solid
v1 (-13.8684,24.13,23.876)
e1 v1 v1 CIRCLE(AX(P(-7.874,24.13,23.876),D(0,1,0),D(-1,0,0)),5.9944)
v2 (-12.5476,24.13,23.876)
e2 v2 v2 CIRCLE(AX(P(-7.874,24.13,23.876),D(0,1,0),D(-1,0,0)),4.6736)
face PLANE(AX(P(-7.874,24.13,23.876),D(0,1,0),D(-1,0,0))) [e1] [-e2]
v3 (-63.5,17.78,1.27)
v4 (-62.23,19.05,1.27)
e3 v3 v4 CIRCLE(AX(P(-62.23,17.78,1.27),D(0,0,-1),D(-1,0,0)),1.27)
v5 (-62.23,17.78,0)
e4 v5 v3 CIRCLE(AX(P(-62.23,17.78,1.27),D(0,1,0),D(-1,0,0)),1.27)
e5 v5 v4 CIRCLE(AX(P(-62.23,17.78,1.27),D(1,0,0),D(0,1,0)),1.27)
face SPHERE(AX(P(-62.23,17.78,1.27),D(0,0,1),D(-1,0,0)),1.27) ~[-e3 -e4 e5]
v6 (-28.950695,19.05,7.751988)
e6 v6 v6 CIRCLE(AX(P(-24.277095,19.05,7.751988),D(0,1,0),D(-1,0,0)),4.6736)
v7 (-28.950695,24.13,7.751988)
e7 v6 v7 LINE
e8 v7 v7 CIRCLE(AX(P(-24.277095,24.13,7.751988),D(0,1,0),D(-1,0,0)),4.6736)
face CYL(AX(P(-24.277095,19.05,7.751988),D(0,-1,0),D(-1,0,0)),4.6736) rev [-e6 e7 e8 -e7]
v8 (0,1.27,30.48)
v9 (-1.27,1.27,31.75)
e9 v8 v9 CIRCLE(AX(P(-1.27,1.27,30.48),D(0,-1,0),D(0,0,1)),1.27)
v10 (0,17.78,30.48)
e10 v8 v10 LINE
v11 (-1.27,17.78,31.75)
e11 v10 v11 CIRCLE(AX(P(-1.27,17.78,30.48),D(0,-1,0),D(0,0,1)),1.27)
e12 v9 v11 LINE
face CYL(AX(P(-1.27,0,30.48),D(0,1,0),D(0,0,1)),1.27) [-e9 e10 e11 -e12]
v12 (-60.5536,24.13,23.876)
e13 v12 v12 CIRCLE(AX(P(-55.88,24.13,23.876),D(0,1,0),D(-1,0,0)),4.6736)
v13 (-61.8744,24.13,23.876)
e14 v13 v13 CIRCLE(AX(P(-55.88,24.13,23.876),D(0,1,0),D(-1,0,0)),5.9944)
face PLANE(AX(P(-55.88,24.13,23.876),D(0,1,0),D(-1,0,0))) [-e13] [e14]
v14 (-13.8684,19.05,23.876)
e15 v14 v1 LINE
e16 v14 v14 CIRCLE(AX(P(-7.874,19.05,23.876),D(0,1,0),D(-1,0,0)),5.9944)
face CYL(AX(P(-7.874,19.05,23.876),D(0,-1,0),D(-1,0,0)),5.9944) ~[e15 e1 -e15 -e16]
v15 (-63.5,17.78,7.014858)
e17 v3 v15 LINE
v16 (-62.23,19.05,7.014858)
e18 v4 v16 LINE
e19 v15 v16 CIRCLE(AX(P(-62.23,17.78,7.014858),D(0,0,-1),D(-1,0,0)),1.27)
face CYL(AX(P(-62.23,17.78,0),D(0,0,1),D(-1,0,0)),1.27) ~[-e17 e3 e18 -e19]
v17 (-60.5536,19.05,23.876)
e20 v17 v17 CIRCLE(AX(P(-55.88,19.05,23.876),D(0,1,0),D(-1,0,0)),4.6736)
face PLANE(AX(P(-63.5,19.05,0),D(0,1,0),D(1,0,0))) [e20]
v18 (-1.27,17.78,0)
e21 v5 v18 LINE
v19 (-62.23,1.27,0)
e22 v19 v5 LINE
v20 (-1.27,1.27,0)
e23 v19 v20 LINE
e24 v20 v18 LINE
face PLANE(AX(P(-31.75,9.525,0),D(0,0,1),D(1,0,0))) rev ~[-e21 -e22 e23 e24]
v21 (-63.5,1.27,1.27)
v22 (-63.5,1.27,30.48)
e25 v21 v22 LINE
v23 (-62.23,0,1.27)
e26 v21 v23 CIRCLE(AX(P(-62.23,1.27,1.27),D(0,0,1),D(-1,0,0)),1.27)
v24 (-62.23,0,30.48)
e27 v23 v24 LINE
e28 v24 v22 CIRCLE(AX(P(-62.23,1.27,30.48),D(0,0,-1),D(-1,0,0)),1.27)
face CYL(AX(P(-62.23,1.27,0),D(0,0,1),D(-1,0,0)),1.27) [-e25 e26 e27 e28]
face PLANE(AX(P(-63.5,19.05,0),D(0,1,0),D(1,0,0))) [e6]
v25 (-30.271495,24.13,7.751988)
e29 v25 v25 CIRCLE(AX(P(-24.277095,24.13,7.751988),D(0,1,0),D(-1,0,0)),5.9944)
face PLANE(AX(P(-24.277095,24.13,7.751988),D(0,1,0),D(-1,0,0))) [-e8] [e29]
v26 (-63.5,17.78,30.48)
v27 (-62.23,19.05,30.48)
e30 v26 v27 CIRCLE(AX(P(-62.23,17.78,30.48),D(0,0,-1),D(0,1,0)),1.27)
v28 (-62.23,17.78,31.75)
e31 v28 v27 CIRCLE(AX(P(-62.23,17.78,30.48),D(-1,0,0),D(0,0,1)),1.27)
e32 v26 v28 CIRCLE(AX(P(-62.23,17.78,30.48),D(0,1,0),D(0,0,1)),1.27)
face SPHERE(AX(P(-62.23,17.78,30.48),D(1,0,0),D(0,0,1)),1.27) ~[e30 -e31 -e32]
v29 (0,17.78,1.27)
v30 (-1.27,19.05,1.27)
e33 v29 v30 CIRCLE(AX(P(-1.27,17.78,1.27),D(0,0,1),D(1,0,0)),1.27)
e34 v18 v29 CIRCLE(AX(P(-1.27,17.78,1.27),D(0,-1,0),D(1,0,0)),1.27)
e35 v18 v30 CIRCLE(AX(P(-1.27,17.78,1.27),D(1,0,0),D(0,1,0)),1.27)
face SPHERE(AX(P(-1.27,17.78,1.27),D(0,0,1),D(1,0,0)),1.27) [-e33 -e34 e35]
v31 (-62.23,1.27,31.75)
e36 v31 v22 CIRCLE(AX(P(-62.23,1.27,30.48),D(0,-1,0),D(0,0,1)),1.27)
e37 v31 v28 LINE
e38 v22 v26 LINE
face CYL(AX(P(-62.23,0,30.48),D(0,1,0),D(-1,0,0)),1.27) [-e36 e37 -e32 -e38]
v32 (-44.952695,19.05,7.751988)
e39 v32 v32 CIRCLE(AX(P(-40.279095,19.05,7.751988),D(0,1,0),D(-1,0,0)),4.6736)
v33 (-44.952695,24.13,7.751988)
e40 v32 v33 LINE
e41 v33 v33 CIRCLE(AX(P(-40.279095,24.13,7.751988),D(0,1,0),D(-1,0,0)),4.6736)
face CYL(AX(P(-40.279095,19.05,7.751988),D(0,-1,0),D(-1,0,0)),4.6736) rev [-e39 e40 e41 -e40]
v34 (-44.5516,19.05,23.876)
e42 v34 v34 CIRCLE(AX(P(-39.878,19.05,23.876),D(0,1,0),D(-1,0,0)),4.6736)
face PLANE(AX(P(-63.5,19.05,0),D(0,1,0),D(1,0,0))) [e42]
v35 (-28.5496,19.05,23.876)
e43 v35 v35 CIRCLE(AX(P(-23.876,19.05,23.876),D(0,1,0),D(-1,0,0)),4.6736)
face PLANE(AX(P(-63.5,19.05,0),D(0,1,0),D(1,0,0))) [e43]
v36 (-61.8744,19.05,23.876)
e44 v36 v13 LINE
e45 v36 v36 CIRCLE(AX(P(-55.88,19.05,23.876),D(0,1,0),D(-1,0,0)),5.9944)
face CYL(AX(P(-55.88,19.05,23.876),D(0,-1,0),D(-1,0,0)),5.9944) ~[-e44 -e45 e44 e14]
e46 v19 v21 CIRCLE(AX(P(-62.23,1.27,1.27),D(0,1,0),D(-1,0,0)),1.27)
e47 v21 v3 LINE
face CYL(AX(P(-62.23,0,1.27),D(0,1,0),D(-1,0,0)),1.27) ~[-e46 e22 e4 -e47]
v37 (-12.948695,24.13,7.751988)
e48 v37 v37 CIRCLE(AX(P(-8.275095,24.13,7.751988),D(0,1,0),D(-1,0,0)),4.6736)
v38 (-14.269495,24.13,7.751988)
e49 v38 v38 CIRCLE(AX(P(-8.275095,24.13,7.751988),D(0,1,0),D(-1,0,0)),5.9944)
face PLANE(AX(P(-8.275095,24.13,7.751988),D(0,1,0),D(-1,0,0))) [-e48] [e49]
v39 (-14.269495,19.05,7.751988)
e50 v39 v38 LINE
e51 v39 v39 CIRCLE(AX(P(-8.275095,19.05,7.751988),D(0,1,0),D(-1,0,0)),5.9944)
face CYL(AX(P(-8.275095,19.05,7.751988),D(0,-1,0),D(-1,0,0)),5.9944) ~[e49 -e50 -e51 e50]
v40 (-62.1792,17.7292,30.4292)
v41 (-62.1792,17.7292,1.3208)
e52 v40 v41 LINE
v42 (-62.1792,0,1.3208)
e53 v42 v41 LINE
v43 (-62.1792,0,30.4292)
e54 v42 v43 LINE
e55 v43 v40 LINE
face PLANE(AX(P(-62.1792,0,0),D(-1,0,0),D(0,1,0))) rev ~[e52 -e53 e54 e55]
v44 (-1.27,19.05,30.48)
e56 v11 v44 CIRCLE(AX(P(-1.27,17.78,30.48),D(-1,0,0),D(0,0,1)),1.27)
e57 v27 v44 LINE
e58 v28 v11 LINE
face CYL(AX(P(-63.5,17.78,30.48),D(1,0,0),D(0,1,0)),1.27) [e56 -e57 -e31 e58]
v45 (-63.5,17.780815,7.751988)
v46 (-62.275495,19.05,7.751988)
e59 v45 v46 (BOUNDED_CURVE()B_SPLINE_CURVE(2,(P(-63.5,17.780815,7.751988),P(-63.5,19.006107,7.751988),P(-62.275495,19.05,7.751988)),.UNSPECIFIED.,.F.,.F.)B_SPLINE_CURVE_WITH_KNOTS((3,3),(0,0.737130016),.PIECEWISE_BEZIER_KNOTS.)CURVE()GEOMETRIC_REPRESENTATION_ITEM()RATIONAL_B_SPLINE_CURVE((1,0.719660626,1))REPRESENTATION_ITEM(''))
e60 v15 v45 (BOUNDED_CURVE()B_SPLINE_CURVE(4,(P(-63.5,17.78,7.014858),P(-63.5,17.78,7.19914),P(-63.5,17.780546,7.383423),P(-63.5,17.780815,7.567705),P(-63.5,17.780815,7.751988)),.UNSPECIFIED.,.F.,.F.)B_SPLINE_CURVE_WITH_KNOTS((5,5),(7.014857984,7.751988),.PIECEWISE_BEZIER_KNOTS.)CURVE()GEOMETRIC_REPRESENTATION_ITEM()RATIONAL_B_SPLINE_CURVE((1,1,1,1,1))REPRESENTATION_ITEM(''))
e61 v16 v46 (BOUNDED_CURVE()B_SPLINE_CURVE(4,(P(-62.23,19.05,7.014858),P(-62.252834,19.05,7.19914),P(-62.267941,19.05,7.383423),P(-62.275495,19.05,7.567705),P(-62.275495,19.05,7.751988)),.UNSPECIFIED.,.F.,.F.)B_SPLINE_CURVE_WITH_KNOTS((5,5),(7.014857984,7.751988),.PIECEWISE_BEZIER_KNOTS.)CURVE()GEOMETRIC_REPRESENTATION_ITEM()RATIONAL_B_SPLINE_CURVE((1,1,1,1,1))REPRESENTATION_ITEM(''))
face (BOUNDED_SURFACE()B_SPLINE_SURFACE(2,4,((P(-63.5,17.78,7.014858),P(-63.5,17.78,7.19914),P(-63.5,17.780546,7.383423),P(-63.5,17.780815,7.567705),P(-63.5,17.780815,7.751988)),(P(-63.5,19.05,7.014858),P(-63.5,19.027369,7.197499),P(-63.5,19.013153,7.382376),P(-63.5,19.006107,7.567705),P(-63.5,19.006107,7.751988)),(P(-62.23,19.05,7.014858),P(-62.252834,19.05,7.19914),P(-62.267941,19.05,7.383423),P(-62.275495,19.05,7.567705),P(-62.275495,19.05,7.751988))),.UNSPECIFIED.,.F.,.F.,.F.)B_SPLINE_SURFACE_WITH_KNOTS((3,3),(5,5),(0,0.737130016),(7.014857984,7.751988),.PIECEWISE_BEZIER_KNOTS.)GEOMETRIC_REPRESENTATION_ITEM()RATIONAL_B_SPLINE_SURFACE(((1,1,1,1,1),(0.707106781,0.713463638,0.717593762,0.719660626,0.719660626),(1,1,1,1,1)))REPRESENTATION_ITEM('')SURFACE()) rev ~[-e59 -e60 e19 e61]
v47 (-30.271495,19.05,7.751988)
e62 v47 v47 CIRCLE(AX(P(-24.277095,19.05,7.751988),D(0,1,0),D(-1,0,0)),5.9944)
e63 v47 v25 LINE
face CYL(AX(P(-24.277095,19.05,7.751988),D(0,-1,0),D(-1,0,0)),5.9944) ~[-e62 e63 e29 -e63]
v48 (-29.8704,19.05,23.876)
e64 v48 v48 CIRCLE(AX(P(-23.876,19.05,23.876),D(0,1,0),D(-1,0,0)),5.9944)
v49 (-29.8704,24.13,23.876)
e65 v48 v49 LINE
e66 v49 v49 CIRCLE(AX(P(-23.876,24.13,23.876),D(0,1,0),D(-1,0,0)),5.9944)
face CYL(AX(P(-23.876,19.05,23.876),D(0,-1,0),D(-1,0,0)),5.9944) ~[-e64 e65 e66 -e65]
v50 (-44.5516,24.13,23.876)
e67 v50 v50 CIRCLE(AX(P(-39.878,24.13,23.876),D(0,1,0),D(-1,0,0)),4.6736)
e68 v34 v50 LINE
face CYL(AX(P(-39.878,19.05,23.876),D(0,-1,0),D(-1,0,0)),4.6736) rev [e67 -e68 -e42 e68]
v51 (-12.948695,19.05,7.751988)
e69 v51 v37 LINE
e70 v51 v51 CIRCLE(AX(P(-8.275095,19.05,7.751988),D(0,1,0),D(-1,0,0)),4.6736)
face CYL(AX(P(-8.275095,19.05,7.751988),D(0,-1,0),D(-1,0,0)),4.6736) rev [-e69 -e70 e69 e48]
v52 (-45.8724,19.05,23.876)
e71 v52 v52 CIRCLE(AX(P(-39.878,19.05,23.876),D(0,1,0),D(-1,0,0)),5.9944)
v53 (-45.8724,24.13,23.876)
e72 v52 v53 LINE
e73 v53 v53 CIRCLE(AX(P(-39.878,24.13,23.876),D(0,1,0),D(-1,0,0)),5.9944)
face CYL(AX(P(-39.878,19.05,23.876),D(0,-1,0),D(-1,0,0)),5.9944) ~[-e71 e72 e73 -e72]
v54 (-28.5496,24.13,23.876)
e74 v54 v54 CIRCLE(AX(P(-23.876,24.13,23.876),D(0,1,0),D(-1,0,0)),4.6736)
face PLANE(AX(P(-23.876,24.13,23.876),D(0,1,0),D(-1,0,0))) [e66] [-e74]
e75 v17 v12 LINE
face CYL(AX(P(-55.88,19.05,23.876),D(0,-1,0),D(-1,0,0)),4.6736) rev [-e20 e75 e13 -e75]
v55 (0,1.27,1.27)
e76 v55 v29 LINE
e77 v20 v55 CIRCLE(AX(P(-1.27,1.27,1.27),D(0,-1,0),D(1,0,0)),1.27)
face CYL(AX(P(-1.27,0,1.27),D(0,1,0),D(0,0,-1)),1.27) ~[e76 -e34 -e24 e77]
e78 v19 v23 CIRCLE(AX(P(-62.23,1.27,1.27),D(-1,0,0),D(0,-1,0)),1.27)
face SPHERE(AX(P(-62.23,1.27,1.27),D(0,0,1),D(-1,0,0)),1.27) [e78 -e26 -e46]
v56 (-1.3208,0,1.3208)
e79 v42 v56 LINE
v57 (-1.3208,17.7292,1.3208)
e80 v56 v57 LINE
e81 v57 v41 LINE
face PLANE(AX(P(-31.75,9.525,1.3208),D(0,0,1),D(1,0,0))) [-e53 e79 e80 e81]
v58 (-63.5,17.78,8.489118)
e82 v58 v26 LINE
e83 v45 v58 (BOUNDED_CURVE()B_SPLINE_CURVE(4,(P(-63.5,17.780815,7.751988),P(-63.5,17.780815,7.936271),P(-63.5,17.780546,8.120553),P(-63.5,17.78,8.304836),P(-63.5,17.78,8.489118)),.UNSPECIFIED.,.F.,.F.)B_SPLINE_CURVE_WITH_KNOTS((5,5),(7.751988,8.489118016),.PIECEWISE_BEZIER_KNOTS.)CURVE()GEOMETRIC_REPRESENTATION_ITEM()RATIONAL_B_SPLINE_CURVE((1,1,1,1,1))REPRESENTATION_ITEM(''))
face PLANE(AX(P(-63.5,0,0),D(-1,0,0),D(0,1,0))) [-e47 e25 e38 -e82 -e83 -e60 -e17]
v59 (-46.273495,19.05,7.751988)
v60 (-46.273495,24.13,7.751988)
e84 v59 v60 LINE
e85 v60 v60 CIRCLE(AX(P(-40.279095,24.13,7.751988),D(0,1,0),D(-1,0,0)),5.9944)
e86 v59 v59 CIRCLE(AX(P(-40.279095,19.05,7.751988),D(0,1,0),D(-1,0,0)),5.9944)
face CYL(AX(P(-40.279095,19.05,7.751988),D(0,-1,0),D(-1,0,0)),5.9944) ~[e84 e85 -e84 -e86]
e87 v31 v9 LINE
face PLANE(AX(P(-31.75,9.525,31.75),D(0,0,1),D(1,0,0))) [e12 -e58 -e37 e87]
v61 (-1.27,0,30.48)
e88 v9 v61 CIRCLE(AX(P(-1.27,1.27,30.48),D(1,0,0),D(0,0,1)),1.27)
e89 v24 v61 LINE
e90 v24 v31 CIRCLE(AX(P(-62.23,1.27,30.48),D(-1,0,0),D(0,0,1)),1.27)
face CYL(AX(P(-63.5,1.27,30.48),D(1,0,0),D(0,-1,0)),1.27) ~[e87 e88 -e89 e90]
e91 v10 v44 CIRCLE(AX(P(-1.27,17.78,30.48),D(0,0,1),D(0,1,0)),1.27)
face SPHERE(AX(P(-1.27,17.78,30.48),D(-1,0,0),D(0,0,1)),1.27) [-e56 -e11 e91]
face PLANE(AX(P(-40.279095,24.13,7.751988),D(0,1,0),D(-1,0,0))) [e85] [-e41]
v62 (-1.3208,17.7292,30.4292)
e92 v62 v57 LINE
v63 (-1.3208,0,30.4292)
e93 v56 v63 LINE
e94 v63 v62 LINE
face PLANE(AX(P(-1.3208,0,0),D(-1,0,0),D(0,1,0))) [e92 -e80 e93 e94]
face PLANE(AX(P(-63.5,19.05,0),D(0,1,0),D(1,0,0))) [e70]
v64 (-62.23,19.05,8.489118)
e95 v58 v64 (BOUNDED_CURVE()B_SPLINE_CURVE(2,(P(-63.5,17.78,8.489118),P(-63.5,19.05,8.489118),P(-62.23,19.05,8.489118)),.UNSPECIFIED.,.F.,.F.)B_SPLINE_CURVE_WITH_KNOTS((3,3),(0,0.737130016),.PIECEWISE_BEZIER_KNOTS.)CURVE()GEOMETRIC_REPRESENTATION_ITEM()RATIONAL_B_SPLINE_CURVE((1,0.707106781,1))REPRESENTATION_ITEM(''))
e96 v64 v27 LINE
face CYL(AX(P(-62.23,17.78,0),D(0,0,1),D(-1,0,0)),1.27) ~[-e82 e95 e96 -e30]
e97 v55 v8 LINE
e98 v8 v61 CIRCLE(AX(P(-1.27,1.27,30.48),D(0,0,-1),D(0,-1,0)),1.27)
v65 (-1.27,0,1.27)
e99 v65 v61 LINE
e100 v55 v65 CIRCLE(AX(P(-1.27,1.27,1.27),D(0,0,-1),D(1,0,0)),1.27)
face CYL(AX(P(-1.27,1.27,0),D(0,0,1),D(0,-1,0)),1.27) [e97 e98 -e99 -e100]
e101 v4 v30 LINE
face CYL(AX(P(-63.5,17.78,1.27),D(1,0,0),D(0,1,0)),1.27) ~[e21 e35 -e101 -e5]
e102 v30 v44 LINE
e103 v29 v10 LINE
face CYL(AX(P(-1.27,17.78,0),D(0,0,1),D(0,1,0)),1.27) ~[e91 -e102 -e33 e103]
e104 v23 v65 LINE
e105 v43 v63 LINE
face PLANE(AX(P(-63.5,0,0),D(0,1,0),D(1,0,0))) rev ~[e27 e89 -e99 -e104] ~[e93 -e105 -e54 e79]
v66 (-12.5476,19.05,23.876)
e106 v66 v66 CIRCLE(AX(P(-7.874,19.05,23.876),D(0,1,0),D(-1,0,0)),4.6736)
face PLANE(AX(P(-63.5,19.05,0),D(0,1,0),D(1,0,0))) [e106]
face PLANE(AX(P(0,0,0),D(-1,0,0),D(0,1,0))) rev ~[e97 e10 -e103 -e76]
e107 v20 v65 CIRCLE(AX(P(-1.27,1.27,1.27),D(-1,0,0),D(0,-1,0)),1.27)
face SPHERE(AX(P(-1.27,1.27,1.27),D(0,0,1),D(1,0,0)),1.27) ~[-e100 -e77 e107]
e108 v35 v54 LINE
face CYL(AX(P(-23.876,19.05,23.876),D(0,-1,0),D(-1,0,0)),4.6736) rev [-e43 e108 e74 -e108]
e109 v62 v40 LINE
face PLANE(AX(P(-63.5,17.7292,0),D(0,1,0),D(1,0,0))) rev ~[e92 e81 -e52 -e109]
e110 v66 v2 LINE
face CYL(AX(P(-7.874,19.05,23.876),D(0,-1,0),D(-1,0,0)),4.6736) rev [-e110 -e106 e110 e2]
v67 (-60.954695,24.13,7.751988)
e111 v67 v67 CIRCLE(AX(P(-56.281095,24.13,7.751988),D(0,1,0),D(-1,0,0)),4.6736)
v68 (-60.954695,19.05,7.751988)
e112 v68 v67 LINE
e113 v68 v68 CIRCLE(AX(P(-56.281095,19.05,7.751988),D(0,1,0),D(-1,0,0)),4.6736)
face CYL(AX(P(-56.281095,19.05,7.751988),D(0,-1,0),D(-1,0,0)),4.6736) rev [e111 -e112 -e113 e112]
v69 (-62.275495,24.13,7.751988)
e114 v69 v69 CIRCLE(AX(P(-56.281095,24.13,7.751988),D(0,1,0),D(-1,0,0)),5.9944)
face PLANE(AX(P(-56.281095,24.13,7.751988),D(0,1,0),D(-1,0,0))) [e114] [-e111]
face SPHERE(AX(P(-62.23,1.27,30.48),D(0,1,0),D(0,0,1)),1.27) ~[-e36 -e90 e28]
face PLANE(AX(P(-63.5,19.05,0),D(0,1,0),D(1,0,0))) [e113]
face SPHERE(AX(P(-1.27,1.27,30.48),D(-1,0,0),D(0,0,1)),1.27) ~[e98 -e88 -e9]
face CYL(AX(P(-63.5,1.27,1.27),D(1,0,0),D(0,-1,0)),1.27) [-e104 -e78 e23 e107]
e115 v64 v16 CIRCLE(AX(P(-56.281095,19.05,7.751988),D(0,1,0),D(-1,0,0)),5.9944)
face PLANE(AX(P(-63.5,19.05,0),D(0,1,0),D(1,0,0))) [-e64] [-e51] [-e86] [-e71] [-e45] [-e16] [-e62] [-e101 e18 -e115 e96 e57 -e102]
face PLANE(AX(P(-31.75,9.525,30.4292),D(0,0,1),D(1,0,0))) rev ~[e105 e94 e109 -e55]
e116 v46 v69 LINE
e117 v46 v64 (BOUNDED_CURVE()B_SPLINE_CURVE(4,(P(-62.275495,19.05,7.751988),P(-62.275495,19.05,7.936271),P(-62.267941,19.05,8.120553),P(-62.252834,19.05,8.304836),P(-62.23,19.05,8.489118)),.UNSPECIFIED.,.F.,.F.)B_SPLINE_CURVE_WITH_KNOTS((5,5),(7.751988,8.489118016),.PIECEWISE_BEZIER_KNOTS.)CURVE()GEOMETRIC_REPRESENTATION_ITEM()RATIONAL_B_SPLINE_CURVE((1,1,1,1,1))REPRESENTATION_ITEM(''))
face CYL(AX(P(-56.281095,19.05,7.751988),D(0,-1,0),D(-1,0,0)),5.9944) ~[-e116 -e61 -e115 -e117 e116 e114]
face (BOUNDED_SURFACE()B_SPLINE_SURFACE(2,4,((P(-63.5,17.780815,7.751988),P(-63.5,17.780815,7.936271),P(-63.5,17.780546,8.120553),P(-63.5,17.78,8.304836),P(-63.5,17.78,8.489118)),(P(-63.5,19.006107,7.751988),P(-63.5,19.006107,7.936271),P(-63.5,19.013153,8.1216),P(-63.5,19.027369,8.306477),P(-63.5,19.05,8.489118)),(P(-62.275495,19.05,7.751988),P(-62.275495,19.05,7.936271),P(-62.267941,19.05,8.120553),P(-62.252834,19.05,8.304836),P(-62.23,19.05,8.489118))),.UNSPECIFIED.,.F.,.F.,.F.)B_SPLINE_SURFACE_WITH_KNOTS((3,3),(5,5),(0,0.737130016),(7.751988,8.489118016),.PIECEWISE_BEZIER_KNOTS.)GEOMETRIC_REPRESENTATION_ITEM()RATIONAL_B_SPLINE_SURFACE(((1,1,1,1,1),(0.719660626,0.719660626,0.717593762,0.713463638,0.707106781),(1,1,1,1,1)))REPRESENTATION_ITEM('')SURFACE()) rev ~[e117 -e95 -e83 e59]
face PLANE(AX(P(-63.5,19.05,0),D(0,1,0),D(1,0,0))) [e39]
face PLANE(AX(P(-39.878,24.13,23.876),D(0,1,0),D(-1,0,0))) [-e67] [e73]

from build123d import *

# Parameters (mm, degrees)
F0_W     = 63.5
F0_H     = 19.05
F1_DEPTH = 31.75
F2_T     = -1.3208
F3_R     = 5.9944
F3_R_2   = 4.6736
F4_DEPTH = 5.08
F5_R     = 1.27


with BuildPart() as f1:
    # F0 (on Top) → F1 (new body)
    with BuildSketch(Plane.XY):
        with Locations((-31.75, 9.525)):
            Rectangle(F0_W, F0_H)
    extrude(amount=F1_DEPTH)

    # F2
    f2_openings = [f1.faces().sort_by_distance(p)[0] for p in [
        (-31.75, 0, 15.875),
    ]]
    offset(amount=F2_T, openings=f2_openings)

    # F3 (on face) → F4 (join)
    with BuildSketch(Plane(origin=(0, 19.05, 0), x_dir=(-1, 0, 0), z_dir=(0, 1, 0))):
        with Locations((7.874, 23.876)):
            Circle(F3_R)
        with Locations((7.874, 23.876)):
            Circle(F3_R_2, mode=Mode.SUBTRACT)
        with Locations((23.876, 23.876)):
            Circle(F3_R)
        with Locations((23.876, 23.876)):
            Circle(F3_R_2, mode=Mode.SUBTRACT)
        with Locations((39.878, 23.876)):
            Circle(F3_R)
        with Locations((39.878, 23.876)):
            Circle(F3_R_2, mode=Mode.SUBTRACT)
        with Locations((55.88, 23.876)):
            Circle(F3_R)
        with Locations((55.88, 23.876)):
            Circle(F3_R_2, mode=Mode.SUBTRACT)
        with Locations((8.275095, 7.751988)):
            Circle(F3_R)
        with Locations((8.275095, 7.751988)):
            Circle(F3_R_2, mode=Mode.SUBTRACT)
        with Locations((56.281095, 7.751988)):
            Circle(F3_R)
        with Locations((56.281095, 7.751988)):
            Circle(F3_R_2, mode=Mode.SUBTRACT)
        with Locations((40.279095, 7.751988)):
            Circle(F3_R)
        with Locations((40.279095, 7.751988)):
            Circle(F3_R_2, mode=Mode.SUBTRACT)
        with Locations((24.277095, 7.751988)):
            Circle(F3_R)
        with Locations((24.277095, 7.751988)):
            Circle(F3_R_2, mode=Mode.SUBTRACT)
    extrude(amount=F4_DEPTH)

    # F5
    f5_edges = [f1.edges().sort_by_distance(p)[0] for p in [
        (-31.75, 19.05, 31.75),
        (-63.5, 9.525, 31.75),
        (-31.75, 0, 31.75),
        (0, 9.525, 31.75),
        (-63.5, 19.05, 15.875),
        (-63.5, 0, 15.875),
        (-63.5, 9.525, 0),
        (0, 0, 15.875),
        (0, 19.05, 15.875),
        (0, 9.525, 0),
        (-31.75, 19.05, 0),
        (-31.75, 0, 0),
    ]]
    fillet(f5_edges, radius=F5_R)


solid = f1.part
